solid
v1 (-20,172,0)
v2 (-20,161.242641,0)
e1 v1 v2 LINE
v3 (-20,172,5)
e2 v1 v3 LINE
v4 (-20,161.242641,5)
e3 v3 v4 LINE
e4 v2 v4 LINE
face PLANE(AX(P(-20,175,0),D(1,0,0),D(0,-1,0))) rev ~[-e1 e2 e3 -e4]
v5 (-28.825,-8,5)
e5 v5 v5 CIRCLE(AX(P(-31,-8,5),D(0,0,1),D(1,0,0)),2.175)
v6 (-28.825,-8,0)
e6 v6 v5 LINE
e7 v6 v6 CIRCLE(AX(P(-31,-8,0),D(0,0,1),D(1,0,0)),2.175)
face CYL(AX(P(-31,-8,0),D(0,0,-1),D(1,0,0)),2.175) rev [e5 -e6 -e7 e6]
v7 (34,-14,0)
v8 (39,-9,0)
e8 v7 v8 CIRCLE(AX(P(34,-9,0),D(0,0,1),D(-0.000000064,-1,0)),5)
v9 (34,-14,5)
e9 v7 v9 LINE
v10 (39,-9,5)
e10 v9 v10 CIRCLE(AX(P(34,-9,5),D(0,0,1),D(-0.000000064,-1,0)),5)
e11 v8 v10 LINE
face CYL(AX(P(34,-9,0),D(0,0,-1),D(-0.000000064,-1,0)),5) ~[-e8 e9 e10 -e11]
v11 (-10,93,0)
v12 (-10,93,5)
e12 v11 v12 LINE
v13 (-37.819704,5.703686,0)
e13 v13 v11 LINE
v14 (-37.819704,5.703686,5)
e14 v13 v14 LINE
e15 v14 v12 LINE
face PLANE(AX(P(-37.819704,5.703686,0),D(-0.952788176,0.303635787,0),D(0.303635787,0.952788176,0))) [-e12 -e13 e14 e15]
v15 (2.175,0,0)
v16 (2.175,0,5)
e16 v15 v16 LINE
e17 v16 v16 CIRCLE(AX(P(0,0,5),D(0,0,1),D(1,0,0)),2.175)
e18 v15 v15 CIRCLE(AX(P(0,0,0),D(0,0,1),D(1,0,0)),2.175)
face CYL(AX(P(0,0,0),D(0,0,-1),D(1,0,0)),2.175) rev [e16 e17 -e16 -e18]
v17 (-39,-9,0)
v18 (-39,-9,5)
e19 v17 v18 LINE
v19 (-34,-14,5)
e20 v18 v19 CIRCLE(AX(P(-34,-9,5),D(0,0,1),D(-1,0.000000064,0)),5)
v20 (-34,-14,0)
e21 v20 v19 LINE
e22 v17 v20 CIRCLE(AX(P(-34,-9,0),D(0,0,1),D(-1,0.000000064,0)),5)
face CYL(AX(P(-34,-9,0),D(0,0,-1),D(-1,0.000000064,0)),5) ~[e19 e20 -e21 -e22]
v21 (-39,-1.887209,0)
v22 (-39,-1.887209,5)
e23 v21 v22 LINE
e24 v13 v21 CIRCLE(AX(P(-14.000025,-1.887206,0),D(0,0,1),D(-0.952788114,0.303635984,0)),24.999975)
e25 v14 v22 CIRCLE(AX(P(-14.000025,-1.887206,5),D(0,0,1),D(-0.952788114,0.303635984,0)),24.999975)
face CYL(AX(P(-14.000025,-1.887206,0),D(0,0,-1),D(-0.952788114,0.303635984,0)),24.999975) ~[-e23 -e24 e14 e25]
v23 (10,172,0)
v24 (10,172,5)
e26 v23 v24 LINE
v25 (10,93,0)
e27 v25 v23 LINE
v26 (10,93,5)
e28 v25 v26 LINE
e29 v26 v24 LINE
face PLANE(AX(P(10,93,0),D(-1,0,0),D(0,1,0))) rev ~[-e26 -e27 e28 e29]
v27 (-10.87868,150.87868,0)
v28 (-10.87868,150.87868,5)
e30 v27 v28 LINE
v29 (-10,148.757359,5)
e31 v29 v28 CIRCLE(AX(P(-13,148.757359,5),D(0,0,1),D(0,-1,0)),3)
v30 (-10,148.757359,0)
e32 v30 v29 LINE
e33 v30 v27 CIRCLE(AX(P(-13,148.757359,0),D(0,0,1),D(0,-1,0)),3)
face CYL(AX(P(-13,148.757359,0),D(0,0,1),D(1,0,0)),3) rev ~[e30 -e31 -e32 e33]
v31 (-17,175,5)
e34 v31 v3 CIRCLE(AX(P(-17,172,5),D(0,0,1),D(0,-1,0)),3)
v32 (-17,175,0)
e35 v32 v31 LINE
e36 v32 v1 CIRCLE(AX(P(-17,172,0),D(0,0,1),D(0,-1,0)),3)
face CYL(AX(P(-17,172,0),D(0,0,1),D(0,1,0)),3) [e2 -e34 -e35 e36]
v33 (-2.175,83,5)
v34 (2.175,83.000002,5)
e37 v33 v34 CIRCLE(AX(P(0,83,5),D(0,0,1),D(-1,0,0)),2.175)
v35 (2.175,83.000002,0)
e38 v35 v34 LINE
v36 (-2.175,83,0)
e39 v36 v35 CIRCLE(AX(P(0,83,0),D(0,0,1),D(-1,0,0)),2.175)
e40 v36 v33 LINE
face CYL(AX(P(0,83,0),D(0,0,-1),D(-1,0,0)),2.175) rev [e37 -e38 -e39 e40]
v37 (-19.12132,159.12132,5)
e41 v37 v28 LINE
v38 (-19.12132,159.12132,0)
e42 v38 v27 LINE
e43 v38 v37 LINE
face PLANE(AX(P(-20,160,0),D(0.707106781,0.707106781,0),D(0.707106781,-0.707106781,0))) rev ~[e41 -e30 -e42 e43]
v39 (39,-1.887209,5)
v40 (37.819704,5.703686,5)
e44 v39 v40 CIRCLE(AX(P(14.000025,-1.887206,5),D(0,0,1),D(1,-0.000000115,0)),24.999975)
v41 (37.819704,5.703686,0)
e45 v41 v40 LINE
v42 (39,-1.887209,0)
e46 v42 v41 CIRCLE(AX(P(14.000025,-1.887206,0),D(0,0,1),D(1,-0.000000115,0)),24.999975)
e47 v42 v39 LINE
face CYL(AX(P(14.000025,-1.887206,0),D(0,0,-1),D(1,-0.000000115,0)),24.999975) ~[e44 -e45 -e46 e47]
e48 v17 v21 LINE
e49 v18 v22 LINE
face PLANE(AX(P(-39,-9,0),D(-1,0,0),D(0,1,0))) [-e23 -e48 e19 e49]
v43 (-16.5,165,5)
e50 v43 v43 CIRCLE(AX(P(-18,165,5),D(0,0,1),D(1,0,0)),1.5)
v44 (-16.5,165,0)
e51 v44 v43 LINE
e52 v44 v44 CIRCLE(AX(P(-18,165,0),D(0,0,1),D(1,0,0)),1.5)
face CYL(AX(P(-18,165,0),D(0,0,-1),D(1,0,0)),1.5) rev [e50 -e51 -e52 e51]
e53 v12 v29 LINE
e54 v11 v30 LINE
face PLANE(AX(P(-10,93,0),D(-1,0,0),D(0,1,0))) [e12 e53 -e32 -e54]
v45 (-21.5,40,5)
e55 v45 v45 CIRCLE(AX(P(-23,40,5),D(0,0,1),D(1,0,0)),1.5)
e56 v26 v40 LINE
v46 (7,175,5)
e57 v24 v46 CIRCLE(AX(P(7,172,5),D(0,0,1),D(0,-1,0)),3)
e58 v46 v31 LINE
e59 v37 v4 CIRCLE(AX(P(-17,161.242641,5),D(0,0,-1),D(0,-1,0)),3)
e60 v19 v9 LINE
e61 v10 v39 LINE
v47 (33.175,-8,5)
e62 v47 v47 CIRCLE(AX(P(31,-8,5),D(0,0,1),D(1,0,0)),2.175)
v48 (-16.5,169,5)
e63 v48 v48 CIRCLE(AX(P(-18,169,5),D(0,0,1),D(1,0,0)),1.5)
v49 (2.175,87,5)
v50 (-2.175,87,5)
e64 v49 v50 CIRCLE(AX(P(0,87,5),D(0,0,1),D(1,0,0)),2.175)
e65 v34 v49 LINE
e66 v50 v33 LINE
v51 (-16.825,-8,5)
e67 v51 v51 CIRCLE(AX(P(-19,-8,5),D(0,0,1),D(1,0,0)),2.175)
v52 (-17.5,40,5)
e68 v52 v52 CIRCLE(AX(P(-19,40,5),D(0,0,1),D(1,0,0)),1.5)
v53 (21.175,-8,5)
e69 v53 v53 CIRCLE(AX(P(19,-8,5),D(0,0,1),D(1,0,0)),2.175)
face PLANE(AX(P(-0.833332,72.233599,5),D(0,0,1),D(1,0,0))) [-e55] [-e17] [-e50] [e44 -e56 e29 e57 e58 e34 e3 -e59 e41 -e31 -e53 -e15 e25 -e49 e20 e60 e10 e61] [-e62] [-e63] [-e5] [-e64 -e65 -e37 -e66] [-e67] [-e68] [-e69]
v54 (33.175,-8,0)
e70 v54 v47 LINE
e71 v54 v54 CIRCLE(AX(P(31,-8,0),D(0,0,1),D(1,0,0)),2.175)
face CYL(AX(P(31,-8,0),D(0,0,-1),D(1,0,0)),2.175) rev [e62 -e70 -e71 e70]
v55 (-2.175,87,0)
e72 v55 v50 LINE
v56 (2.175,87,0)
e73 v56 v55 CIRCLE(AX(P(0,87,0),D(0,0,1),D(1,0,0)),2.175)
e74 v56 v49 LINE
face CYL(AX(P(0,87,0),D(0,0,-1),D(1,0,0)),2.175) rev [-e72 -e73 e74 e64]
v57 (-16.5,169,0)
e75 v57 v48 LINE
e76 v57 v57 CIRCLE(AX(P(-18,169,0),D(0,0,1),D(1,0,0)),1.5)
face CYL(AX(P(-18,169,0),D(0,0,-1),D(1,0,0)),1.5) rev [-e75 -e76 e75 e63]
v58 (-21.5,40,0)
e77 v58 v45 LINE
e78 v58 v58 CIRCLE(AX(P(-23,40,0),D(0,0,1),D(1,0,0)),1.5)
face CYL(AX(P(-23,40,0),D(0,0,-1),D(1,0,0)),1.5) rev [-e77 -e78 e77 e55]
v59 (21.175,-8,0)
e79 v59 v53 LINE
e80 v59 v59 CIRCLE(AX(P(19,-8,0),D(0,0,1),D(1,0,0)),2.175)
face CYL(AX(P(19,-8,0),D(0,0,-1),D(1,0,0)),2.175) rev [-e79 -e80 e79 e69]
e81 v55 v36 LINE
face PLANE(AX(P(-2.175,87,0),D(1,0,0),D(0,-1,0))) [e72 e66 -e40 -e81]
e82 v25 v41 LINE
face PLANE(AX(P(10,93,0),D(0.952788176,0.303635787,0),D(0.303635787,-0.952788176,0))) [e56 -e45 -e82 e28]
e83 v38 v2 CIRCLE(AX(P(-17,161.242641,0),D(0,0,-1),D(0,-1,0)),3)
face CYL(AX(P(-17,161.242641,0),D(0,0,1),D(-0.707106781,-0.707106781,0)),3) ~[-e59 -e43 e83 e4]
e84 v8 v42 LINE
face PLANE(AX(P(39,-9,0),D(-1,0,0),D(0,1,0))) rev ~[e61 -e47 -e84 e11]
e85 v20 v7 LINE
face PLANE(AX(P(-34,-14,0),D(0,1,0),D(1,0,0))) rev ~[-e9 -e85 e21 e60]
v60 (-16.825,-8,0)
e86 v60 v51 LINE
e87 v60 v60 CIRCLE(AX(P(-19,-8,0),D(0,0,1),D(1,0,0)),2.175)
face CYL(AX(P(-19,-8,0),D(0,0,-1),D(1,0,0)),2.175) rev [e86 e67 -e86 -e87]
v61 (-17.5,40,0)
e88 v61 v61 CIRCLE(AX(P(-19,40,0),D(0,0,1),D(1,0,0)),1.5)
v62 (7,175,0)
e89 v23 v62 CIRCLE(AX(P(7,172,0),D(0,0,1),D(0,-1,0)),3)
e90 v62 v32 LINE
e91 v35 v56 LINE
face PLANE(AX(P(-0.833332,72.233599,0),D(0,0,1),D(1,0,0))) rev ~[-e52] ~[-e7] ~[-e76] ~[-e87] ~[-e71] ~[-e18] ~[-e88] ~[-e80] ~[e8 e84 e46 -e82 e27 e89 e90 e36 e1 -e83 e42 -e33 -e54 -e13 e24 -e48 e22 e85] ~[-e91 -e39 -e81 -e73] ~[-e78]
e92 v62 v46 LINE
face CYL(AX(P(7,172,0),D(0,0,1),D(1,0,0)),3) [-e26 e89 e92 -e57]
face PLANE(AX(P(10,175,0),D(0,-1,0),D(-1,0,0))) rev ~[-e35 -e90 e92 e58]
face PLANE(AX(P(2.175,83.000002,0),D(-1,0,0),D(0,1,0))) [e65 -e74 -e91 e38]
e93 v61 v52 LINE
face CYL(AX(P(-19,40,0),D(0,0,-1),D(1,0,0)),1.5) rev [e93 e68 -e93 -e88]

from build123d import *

# Parameters (mm, degrees)
SKETCH_R   = 2.175
SKETCH_R_2 = 1.5
PAD_DEPTH  = 5
FILLET_R   = 3


with BuildPart() as part:
    # Sketch → Pad (new body)
    with BuildSketch(Plane.XY):
        with BuildLine():
            Line((-34, -14), (34, -14))
            ThreePointArc((34, -14), (37.535534, -12.535534), (39, -9))
            Line((39, -9), (39, -1.887209))
            ThreePointArc((39, -1.887209), (38.703164, 1.953845), (37.819704, 5.703686))
            Line((10, 93), (37.819704, 5.703686))
            Line((10, 93), (10, 175))
            Line((-10, 175), (10, 175))
            Line((-10, 175), (-20, 175))
            Line((-20, 175), (-20, 160))
            Line((-20, 160), (-10, 150))
            Line((-10, 93), (-10, 150))
            Line((-37.819704, 5.703686), (-10, 93))
            ThreePointArc((-37.819704, 5.703686), (-38.703164, 1.953845), (-39, -1.887209))
            Line((-39, -9), (-39, -1.887209))
            ThreePointArc((-39, -9), (-37.535534, -12.535534), (-34, -14))
        make_face()
        Circle(SKETCH_R, mode=Mode.SUBTRACT)
        with Locations((19, -8)):
            Circle(SKETCH_R, mode=Mode.SUBTRACT)
        with Locations((31, -8)):
            Circle(SKETCH_R, mode=Mode.SUBTRACT)
        with Locations((-19, -8)):
            Circle(SKETCH_R, mode=Mode.SUBTRACT)
        with Locations((-31, -8)):
            Circle(SKETCH_R, mode=Mode.SUBTRACT)
        with Locations((-19, 40)):
            Circle(SKETCH_R_2, mode=Mode.SUBTRACT)
        with Locations((-23, 40)):
            Circle(SKETCH_R_2, mode=Mode.SUBTRACT)
        with Locations((-18, 165)):
            Circle(SKETCH_R_2, mode=Mode.SUBTRACT)
        with Locations((-18, 169)):
            Circle(SKETCH_R_2, mode=Mode.SUBTRACT)
        with BuildLine():
            ThreePointArc((2.175, 87), (0, 89.175), (-2.175, 87))
            Line((-2.175, 87), (-2.175, 83))
            ThreePointArc((-2.175, 83), (1e-06, 80.825), (2.175, 83.000002))
            Line((2.175, 83.000002), (2.175, 87))
        make_face(mode=Mode.SUBTRACT)
    extrude(amount=PAD_DEPTH)

    # Fillet
    fillet_edges = [part.edges().sort_by_distance(p)[0] for p in [
        (-20, 175, 2.5),
        (10, 175, 2.5),
        (-10, 150, 2.5),
        (-20, 160, 2.5),
    ]]
    fillet(fillet_edges, radius=FILLET_R)


solid = part.part
